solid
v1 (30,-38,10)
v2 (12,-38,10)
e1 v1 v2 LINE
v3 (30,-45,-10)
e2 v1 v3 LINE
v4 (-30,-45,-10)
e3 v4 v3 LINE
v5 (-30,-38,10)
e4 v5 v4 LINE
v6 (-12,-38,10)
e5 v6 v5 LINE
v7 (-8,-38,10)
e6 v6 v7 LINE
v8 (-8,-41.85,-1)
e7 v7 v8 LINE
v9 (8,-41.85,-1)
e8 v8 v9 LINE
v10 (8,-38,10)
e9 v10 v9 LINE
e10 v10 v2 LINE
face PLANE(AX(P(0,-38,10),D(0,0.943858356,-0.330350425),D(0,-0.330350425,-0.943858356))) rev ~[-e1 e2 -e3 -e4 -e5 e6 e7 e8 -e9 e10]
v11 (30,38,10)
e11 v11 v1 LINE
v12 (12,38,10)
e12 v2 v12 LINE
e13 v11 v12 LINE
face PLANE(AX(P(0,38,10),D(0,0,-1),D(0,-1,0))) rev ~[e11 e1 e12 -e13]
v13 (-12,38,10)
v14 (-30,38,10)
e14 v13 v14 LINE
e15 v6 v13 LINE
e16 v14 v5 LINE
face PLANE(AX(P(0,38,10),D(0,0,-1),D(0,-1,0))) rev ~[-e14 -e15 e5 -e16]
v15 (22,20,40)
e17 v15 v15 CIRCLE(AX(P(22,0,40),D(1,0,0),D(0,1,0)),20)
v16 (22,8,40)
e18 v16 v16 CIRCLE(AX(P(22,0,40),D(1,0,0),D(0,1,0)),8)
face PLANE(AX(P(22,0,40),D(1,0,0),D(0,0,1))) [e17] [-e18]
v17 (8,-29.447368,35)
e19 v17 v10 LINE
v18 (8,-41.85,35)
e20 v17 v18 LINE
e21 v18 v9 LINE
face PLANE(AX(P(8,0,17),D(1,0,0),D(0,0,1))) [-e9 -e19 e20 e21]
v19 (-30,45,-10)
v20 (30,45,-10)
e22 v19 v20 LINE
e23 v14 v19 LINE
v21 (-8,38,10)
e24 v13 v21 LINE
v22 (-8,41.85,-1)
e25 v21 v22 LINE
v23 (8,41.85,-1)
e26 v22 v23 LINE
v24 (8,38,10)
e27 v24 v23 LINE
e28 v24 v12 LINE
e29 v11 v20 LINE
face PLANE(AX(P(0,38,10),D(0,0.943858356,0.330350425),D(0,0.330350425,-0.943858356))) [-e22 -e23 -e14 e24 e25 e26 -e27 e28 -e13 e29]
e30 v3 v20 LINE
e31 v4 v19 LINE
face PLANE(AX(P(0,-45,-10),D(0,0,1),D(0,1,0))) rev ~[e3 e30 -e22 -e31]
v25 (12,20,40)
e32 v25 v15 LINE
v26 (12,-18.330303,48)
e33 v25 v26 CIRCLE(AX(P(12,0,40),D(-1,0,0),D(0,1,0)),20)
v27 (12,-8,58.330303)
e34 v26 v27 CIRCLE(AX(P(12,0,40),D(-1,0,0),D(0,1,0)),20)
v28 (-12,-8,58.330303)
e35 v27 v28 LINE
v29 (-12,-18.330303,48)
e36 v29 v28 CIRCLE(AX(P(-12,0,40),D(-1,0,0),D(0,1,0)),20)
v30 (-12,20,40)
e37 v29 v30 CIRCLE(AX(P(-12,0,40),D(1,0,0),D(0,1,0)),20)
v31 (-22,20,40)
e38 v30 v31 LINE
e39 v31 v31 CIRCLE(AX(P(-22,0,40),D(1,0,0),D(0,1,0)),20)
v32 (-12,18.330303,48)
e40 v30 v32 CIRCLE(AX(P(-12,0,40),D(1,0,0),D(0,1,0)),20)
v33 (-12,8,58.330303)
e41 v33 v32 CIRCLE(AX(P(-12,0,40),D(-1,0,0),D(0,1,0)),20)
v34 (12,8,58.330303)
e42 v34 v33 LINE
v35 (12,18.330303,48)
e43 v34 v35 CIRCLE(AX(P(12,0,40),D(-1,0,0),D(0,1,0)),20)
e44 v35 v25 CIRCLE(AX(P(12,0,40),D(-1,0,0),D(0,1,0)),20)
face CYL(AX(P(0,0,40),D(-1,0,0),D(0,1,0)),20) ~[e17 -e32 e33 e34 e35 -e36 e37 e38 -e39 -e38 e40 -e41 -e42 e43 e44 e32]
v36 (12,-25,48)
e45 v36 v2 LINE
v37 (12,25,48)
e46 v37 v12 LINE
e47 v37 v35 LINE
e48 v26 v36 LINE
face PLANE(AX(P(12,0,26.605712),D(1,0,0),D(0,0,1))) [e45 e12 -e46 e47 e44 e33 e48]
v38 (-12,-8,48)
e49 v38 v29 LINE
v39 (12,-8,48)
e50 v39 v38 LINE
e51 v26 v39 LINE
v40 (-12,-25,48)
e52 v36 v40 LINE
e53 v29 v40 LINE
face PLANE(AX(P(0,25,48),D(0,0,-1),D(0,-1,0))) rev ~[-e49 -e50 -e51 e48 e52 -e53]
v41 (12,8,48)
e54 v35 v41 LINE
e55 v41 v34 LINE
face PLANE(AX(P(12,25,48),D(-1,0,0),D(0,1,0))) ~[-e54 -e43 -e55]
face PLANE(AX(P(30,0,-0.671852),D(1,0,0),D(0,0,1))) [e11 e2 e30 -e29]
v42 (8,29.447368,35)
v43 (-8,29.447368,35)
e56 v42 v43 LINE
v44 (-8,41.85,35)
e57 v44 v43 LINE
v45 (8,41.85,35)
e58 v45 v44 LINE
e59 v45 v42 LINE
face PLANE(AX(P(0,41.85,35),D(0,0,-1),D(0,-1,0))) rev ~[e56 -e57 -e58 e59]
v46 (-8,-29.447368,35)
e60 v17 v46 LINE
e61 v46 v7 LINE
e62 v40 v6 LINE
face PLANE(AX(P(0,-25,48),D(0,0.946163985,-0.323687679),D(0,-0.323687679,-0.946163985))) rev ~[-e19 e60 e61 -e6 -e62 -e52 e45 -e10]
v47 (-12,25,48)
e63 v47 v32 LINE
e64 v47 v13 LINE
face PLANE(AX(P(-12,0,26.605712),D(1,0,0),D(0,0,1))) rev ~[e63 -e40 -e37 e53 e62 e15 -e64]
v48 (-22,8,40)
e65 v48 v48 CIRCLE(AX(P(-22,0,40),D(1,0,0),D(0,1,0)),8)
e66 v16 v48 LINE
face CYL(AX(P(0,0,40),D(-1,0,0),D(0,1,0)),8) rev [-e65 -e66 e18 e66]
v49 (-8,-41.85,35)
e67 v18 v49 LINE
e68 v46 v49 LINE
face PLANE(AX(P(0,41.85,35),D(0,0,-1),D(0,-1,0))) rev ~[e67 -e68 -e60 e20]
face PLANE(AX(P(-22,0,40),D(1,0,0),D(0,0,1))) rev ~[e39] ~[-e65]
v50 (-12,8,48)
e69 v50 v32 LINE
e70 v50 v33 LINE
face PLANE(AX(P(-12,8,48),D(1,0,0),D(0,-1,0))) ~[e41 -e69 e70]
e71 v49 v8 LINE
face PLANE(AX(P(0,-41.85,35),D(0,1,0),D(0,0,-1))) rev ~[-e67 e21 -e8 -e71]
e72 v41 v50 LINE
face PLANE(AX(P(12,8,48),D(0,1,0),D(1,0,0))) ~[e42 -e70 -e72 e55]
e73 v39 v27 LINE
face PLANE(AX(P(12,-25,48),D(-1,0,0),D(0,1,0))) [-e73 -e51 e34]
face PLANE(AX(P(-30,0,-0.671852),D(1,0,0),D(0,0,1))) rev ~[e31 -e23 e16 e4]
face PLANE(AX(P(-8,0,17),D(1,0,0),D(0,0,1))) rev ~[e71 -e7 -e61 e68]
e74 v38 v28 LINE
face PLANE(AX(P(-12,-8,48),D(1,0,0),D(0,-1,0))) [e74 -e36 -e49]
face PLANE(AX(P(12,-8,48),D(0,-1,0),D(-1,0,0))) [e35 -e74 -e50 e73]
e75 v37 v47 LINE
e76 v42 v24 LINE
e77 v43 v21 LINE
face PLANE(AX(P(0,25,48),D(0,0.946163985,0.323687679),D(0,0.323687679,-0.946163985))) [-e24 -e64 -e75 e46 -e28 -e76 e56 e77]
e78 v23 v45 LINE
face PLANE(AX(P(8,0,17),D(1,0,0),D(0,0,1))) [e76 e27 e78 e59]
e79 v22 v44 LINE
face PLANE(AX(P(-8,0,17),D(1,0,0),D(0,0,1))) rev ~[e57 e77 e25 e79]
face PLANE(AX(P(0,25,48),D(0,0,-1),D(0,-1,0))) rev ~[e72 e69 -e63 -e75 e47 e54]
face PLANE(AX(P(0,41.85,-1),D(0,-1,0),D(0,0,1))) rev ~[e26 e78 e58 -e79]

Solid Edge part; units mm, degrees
sketch "Sketch1" plane through (0, 0, 0) normal (1, 0, 0) x (0, 1, 0)
  line L0 (-38, 10) -> (-45, -10)
  line L1 (-45, -10) -> (45, -10)
  line L2 (38, 10) -> (45, -10)
  line L3 (38, 10) -> (-38, 10)
extrude "Protrusion1" add sketch "Sketch1" along normal mid plane 60
sketch "Sketch2" plane through (0, 0, 0) normal (1, 0, 0) x (0, 1, 0)
  line L0 (-25, 48) -> (-38, 10)
  line L1 (-38, 10) -> (38, 10)
  line L2 (25, 48) -> (38, 10)
  line L3 (25, 48) -> (-25, 48)
extrude "ExtrudedProtrusion_2" add sketch "Sketch2" along normal mid plane 24
sketch "Sketch3" plane through (0, 0, 0) normal (1, 0, 0) x (0, 1, 0)
  circle A0 centre (0, 40) radius 20
extrude "ExtrudedProtrusion_3" add sketch "Sketch3" along normal mid plane 44
sketch "Sketch4" plane through (0, 0, 0) normal (1, 0, 0) x (0, 1, 0)
  line L0 (-41.85, 35) -> (-41.85, -1)
  line L1 (-41.85, -1) -> (41.85, -1)
  line L2 (41.85, -1) -> (41.85, 35)
  line L3 (41.85, 35) -> (-41.85, 35)
extrude "ExtrudedProtrusion_4" add sketch "Sketch4" along normal mid plane 16
sketch "Sketch5" plane through (0, 0, 0) normal (1, 0, 0) x (0, 1, 0)
  circle A0 centre (0, 40) radius 8
extrude "ExtrudedCutout_1" cut sketch "Sketch5" along normal mid plane 44
sketch "Sketch6" plane through (0, -21.6652, 48) normal (0, 0, 1) x (1, 0, 0)
  line L0 (-12, 13.6652) -> (-12, -3.3348)
  line L1 (-12, -3.3348) -> (12, -3.3348)
  line L2 (12, -3.3348) -> (12, 13.6652)
  line L3 (12, 13.6652) -> (-12, 13.6652)
extrude "ExtrudedCutout_2" cut sketch "Sketch6" along normal blind 20.2451
mirror "Mirror1" about plane through (0, 0, 0) normal (0, -1, 0) of "ExtrudedCutout_2"
